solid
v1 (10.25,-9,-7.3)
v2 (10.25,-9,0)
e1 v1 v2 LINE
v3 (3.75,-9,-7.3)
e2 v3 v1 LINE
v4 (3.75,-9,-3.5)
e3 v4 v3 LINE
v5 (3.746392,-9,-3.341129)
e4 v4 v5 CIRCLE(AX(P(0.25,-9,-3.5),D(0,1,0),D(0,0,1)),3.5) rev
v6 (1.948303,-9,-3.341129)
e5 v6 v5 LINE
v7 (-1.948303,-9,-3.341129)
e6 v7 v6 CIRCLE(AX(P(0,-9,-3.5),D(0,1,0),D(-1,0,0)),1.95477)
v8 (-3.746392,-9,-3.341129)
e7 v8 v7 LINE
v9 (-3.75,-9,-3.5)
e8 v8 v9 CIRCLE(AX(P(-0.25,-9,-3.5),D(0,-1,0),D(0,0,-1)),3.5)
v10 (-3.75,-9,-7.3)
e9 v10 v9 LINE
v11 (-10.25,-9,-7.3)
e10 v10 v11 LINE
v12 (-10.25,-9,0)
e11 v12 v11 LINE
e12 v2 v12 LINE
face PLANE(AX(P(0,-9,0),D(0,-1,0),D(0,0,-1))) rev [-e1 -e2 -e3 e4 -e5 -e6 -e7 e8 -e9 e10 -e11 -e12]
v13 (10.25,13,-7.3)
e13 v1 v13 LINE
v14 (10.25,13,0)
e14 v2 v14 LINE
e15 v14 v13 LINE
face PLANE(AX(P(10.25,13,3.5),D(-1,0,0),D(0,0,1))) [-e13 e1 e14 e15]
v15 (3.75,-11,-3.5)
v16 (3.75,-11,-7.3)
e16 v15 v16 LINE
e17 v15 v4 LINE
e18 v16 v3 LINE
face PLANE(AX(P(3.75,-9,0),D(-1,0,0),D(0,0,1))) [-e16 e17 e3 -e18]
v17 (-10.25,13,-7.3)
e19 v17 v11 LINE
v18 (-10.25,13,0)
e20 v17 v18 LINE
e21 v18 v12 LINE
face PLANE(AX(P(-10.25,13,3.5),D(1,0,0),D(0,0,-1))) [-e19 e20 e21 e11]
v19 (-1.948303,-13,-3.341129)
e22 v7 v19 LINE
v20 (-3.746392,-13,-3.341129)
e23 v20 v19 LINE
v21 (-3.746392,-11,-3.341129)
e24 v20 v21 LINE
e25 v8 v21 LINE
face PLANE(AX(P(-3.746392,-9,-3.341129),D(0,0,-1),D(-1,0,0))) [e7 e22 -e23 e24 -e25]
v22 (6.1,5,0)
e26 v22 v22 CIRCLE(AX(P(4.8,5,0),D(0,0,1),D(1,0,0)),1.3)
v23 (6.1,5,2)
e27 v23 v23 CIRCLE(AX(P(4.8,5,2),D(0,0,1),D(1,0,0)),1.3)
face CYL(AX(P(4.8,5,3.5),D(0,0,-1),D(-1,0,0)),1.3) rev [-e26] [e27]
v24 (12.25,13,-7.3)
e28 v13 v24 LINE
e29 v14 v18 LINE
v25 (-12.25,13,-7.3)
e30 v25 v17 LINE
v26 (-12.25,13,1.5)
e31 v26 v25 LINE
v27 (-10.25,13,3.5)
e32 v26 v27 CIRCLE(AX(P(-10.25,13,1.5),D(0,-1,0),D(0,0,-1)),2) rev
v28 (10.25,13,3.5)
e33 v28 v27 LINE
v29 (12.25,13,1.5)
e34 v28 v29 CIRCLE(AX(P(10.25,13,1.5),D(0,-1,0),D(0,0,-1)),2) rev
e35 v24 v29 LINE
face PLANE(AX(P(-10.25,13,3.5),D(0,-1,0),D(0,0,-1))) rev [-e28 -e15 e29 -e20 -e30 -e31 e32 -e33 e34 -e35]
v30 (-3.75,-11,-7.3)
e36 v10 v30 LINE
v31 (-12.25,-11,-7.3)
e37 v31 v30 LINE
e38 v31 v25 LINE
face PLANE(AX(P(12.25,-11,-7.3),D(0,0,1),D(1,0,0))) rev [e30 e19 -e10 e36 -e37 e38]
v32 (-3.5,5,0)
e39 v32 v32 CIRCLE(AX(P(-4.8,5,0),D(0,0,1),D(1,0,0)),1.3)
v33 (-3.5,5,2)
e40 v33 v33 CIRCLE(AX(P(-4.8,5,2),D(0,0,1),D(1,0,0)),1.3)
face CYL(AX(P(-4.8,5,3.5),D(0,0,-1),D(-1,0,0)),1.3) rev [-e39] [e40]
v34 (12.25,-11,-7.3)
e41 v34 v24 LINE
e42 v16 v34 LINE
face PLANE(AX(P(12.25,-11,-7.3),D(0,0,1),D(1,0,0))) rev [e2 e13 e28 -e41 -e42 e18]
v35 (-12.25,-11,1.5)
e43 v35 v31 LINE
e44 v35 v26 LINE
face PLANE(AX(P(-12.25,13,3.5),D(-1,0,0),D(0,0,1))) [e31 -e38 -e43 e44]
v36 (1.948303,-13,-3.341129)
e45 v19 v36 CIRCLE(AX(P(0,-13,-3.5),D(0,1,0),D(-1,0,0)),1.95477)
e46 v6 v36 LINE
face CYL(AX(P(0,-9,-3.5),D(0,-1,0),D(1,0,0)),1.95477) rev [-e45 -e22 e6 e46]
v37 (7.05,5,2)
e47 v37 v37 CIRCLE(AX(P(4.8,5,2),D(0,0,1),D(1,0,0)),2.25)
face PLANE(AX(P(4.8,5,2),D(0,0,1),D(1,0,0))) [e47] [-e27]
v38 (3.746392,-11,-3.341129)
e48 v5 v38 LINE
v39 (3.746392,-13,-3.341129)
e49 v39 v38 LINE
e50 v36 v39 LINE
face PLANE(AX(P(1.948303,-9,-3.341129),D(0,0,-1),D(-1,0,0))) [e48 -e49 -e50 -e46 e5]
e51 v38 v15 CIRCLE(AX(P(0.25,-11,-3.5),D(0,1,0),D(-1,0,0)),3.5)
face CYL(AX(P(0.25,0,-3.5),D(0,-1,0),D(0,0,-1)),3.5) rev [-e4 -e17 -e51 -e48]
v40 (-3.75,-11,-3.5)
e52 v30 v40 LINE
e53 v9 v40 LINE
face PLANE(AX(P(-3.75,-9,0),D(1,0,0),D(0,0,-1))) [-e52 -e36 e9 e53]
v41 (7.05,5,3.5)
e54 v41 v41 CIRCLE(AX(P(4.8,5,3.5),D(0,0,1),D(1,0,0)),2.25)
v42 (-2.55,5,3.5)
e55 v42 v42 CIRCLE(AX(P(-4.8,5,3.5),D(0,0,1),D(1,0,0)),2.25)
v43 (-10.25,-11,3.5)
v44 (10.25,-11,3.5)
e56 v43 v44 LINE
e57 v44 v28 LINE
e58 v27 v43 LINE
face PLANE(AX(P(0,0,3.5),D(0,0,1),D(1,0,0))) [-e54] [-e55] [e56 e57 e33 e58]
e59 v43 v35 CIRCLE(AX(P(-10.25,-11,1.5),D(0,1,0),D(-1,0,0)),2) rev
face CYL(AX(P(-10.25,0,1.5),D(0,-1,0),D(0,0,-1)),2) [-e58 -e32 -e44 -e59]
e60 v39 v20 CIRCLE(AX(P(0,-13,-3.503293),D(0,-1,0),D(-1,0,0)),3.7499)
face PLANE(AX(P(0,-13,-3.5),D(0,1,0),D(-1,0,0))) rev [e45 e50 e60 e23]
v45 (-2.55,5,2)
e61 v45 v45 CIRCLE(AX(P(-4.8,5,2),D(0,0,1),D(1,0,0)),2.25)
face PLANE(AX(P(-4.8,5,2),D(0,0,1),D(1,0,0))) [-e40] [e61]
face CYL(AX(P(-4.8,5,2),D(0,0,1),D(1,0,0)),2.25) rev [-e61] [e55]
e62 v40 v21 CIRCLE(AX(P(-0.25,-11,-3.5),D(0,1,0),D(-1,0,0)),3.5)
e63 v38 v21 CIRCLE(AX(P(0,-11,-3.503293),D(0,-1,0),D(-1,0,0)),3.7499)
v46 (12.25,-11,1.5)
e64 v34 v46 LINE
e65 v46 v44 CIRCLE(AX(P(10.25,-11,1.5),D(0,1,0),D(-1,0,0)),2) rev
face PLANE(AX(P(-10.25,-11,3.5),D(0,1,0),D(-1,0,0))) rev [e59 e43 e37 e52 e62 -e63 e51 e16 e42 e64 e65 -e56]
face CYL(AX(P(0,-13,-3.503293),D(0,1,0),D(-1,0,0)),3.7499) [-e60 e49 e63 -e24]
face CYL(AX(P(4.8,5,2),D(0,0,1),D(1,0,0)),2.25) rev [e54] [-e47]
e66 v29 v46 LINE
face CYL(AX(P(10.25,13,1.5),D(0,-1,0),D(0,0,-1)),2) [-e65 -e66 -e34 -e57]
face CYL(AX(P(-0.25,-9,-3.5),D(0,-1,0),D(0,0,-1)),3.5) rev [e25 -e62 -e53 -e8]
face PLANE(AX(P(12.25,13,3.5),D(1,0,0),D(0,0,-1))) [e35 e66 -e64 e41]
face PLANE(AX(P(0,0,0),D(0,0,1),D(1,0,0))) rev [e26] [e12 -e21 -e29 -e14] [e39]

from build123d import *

# Parameters (mm, degrees)
SKETCH1_W           = 20.5
SKETCH1_H           = 24
SKETCH1_R           = 1.3
BOSS_EXTRUDE1_DEPTH = 3.5
SKETCH2_W           = 2
SKETCH2_H           = 18.5
BOSS_EXTRUDE2_DEPTH = 24
SKETCH3_W           = 6.5
SKETCH3_H           = 10.5
BOSS_EXTRUDE3_DEPTH = 2
FILLET1_R           = 3.5
FILLET2_R           = 2
SKETCH4_R           = 2.25
CUT_EXTRUDE1_DEPTH  = 1.5
FILLET4_R           = 3
SKETCH13_W          = 24.5
SKETCH13_H          = 7.7
CUT_EXTRUDE6_DEPTH  = 25
BOSS_EXTRUDE6_START = -2
BOSS_EXTRUDE6_DEPTH = 2
BOSS_EXTRUDE7_DEPTH = 2


with BuildPart() as part:
    # Sketch1 → Boss-Extrude1 (new body)
    with BuildSketch(Plane.XY):
        with Locations((0, 1)):
            Rectangle(SKETCH1_W, SKETCH1_H)
        with Locations((-4.8, 5)):
            Circle(SKETCH1_R, mode=Mode.SUBTRACT)
        with Locations((4.8, 5)):
            Circle(SKETCH1_R, mode=Mode.SUBTRACT)
    extrude(amount=BOSS_EXTRUDE1_DEPTH)

    # Sketch2 → Boss-Extrude2 (add)
    with BuildSketch(Plane(origin=(0, -11, 0), x_dir=(-1, 0, 0), z_dir=(0, -1, 0))):
        with Locations((11.25, 5.75)):
            Rectangle(SKETCH2_W, SKETCH2_H)
        with Locations((-11.25, 5.75)):
            Rectangle(SKETCH2_W, SKETCH2_H)
    extrude(amount=-BOSS_EXTRUDE2_DEPTH)

    # Sketch3 → Boss-Extrude3 (add)
    with BuildSketch(Plane.XZ.offset(11)):
        with Locations((-7, -5.25)):
            Rectangle(SKETCH3_W, SKETCH3_H)
        with Locations((7, -5.25)):
            Rectangle(SKETCH3_W, SKETCH3_H)
    extrude(amount=-BOSS_EXTRUDE3_DEPTH)

    # Fillet1
    fillet1_edges = [part.edges().sort_by_distance(p)[0] for p in [
        (-3.75, -10, 0),
        (3.75, -10, 0),
    ]]
    fillet(fillet1_edges, radius=FILLET1_R)

    # Fillet2
    fillet2_edges = [part.edges().sort_by_distance(p)[0] for p in [
        (-12.25, 1, 3.5),
        (12.25, 1, 3.5),
    ]]
    fillet(fillet2_edges, radius=FILLET2_R)

    # Sketch4 → Cut-Extrude1 (cut)
    with BuildSketch(Plane.XY.offset(3.5)):
        with Locations((-4.8, 5)):
            Circle(SKETCH4_R)
        with Locations((4.8, 5)):
            Circle(SKETCH4_R)
    extrude(amount=-CUT_EXTRUDE1_DEPTH, mode=Mode.SUBTRACT)

    # Fillet4
    fillet4_edges = [part.edges().sort_by_distance(p)[0] for p in [
        (-11.25, 13, -15),
        (11.25, 13, -15),
        (11.25, -11, -15),
    ]]
    fillet(fillet4_edges, radius=FILLET4_R)

    # Sketch13 → Cut-Extrude6 (cut, through all)
    with BuildSketch(Plane(origin=(0, 13, 0), x_dir=(1, 0, 0), z_dir=(0, 1, 0))):
        with Locations((0, 11.15)):
            Rectangle(SKETCH13_W, SKETCH13_H)
    extrude(amount=-CUT_EXTRUDE6_DEPTH, mode=Mode.SUBTRACT)

    # Sketch14 → Boss-Extrude6 (add)
    with BuildSketch(Plane.XZ.offset(11).offset(BOSS_EXTRUDE6_START)):
        with BuildLine():
            Line((-0.25, 0), (0.25, 0))
            ThreePointArc((0.25, 0), (2.668052064, -0.969580229), (3.746392428, -3.341129019))
            Line((3.746392428, -3.341129019), (1.948302942, -3.341129019))
            ThreePointArc((1.948302942, -3.341129019), (0, -1.545230361), (-1.948302942, -3.341129019))
            Line((-1.948302942, -3.341129019), (-3.746392428, -3.341129019))
            ThreePointArc((-3.746392428, -3.341129019), (-2.668052064, -0.969580229), (-0.25, 0))
        make_face()
    extrude(amount=BOSS_EXTRUDE6_DEPTH)

    # Sketch15 → Boss-Extrude7 (add)
    with BuildSketch(Plane(origin=(0, -11, 0), x_dir=(-1, 0, 0), z_dir=(0, -1, 0))):
        with BuildLine():
            Line((1.948302942, 3.341129019), (3.746392428, 3.341129019))
            ThreePointArc((3.746392428, 3.341129019), (0, -0.246607561), (-3.746392428, 3.341129019))
            Line((-3.746392428, 3.341129019), (-1.948302942, 3.341129019))
            ThreePointArc((-1.948302942, 3.341129019), (0, 1.545230361), (1.948302942, 3.341129019))
        make_face()
    extrude(amount=BOSS_EXTRUDE7_DEPTH)


solid = part.part
